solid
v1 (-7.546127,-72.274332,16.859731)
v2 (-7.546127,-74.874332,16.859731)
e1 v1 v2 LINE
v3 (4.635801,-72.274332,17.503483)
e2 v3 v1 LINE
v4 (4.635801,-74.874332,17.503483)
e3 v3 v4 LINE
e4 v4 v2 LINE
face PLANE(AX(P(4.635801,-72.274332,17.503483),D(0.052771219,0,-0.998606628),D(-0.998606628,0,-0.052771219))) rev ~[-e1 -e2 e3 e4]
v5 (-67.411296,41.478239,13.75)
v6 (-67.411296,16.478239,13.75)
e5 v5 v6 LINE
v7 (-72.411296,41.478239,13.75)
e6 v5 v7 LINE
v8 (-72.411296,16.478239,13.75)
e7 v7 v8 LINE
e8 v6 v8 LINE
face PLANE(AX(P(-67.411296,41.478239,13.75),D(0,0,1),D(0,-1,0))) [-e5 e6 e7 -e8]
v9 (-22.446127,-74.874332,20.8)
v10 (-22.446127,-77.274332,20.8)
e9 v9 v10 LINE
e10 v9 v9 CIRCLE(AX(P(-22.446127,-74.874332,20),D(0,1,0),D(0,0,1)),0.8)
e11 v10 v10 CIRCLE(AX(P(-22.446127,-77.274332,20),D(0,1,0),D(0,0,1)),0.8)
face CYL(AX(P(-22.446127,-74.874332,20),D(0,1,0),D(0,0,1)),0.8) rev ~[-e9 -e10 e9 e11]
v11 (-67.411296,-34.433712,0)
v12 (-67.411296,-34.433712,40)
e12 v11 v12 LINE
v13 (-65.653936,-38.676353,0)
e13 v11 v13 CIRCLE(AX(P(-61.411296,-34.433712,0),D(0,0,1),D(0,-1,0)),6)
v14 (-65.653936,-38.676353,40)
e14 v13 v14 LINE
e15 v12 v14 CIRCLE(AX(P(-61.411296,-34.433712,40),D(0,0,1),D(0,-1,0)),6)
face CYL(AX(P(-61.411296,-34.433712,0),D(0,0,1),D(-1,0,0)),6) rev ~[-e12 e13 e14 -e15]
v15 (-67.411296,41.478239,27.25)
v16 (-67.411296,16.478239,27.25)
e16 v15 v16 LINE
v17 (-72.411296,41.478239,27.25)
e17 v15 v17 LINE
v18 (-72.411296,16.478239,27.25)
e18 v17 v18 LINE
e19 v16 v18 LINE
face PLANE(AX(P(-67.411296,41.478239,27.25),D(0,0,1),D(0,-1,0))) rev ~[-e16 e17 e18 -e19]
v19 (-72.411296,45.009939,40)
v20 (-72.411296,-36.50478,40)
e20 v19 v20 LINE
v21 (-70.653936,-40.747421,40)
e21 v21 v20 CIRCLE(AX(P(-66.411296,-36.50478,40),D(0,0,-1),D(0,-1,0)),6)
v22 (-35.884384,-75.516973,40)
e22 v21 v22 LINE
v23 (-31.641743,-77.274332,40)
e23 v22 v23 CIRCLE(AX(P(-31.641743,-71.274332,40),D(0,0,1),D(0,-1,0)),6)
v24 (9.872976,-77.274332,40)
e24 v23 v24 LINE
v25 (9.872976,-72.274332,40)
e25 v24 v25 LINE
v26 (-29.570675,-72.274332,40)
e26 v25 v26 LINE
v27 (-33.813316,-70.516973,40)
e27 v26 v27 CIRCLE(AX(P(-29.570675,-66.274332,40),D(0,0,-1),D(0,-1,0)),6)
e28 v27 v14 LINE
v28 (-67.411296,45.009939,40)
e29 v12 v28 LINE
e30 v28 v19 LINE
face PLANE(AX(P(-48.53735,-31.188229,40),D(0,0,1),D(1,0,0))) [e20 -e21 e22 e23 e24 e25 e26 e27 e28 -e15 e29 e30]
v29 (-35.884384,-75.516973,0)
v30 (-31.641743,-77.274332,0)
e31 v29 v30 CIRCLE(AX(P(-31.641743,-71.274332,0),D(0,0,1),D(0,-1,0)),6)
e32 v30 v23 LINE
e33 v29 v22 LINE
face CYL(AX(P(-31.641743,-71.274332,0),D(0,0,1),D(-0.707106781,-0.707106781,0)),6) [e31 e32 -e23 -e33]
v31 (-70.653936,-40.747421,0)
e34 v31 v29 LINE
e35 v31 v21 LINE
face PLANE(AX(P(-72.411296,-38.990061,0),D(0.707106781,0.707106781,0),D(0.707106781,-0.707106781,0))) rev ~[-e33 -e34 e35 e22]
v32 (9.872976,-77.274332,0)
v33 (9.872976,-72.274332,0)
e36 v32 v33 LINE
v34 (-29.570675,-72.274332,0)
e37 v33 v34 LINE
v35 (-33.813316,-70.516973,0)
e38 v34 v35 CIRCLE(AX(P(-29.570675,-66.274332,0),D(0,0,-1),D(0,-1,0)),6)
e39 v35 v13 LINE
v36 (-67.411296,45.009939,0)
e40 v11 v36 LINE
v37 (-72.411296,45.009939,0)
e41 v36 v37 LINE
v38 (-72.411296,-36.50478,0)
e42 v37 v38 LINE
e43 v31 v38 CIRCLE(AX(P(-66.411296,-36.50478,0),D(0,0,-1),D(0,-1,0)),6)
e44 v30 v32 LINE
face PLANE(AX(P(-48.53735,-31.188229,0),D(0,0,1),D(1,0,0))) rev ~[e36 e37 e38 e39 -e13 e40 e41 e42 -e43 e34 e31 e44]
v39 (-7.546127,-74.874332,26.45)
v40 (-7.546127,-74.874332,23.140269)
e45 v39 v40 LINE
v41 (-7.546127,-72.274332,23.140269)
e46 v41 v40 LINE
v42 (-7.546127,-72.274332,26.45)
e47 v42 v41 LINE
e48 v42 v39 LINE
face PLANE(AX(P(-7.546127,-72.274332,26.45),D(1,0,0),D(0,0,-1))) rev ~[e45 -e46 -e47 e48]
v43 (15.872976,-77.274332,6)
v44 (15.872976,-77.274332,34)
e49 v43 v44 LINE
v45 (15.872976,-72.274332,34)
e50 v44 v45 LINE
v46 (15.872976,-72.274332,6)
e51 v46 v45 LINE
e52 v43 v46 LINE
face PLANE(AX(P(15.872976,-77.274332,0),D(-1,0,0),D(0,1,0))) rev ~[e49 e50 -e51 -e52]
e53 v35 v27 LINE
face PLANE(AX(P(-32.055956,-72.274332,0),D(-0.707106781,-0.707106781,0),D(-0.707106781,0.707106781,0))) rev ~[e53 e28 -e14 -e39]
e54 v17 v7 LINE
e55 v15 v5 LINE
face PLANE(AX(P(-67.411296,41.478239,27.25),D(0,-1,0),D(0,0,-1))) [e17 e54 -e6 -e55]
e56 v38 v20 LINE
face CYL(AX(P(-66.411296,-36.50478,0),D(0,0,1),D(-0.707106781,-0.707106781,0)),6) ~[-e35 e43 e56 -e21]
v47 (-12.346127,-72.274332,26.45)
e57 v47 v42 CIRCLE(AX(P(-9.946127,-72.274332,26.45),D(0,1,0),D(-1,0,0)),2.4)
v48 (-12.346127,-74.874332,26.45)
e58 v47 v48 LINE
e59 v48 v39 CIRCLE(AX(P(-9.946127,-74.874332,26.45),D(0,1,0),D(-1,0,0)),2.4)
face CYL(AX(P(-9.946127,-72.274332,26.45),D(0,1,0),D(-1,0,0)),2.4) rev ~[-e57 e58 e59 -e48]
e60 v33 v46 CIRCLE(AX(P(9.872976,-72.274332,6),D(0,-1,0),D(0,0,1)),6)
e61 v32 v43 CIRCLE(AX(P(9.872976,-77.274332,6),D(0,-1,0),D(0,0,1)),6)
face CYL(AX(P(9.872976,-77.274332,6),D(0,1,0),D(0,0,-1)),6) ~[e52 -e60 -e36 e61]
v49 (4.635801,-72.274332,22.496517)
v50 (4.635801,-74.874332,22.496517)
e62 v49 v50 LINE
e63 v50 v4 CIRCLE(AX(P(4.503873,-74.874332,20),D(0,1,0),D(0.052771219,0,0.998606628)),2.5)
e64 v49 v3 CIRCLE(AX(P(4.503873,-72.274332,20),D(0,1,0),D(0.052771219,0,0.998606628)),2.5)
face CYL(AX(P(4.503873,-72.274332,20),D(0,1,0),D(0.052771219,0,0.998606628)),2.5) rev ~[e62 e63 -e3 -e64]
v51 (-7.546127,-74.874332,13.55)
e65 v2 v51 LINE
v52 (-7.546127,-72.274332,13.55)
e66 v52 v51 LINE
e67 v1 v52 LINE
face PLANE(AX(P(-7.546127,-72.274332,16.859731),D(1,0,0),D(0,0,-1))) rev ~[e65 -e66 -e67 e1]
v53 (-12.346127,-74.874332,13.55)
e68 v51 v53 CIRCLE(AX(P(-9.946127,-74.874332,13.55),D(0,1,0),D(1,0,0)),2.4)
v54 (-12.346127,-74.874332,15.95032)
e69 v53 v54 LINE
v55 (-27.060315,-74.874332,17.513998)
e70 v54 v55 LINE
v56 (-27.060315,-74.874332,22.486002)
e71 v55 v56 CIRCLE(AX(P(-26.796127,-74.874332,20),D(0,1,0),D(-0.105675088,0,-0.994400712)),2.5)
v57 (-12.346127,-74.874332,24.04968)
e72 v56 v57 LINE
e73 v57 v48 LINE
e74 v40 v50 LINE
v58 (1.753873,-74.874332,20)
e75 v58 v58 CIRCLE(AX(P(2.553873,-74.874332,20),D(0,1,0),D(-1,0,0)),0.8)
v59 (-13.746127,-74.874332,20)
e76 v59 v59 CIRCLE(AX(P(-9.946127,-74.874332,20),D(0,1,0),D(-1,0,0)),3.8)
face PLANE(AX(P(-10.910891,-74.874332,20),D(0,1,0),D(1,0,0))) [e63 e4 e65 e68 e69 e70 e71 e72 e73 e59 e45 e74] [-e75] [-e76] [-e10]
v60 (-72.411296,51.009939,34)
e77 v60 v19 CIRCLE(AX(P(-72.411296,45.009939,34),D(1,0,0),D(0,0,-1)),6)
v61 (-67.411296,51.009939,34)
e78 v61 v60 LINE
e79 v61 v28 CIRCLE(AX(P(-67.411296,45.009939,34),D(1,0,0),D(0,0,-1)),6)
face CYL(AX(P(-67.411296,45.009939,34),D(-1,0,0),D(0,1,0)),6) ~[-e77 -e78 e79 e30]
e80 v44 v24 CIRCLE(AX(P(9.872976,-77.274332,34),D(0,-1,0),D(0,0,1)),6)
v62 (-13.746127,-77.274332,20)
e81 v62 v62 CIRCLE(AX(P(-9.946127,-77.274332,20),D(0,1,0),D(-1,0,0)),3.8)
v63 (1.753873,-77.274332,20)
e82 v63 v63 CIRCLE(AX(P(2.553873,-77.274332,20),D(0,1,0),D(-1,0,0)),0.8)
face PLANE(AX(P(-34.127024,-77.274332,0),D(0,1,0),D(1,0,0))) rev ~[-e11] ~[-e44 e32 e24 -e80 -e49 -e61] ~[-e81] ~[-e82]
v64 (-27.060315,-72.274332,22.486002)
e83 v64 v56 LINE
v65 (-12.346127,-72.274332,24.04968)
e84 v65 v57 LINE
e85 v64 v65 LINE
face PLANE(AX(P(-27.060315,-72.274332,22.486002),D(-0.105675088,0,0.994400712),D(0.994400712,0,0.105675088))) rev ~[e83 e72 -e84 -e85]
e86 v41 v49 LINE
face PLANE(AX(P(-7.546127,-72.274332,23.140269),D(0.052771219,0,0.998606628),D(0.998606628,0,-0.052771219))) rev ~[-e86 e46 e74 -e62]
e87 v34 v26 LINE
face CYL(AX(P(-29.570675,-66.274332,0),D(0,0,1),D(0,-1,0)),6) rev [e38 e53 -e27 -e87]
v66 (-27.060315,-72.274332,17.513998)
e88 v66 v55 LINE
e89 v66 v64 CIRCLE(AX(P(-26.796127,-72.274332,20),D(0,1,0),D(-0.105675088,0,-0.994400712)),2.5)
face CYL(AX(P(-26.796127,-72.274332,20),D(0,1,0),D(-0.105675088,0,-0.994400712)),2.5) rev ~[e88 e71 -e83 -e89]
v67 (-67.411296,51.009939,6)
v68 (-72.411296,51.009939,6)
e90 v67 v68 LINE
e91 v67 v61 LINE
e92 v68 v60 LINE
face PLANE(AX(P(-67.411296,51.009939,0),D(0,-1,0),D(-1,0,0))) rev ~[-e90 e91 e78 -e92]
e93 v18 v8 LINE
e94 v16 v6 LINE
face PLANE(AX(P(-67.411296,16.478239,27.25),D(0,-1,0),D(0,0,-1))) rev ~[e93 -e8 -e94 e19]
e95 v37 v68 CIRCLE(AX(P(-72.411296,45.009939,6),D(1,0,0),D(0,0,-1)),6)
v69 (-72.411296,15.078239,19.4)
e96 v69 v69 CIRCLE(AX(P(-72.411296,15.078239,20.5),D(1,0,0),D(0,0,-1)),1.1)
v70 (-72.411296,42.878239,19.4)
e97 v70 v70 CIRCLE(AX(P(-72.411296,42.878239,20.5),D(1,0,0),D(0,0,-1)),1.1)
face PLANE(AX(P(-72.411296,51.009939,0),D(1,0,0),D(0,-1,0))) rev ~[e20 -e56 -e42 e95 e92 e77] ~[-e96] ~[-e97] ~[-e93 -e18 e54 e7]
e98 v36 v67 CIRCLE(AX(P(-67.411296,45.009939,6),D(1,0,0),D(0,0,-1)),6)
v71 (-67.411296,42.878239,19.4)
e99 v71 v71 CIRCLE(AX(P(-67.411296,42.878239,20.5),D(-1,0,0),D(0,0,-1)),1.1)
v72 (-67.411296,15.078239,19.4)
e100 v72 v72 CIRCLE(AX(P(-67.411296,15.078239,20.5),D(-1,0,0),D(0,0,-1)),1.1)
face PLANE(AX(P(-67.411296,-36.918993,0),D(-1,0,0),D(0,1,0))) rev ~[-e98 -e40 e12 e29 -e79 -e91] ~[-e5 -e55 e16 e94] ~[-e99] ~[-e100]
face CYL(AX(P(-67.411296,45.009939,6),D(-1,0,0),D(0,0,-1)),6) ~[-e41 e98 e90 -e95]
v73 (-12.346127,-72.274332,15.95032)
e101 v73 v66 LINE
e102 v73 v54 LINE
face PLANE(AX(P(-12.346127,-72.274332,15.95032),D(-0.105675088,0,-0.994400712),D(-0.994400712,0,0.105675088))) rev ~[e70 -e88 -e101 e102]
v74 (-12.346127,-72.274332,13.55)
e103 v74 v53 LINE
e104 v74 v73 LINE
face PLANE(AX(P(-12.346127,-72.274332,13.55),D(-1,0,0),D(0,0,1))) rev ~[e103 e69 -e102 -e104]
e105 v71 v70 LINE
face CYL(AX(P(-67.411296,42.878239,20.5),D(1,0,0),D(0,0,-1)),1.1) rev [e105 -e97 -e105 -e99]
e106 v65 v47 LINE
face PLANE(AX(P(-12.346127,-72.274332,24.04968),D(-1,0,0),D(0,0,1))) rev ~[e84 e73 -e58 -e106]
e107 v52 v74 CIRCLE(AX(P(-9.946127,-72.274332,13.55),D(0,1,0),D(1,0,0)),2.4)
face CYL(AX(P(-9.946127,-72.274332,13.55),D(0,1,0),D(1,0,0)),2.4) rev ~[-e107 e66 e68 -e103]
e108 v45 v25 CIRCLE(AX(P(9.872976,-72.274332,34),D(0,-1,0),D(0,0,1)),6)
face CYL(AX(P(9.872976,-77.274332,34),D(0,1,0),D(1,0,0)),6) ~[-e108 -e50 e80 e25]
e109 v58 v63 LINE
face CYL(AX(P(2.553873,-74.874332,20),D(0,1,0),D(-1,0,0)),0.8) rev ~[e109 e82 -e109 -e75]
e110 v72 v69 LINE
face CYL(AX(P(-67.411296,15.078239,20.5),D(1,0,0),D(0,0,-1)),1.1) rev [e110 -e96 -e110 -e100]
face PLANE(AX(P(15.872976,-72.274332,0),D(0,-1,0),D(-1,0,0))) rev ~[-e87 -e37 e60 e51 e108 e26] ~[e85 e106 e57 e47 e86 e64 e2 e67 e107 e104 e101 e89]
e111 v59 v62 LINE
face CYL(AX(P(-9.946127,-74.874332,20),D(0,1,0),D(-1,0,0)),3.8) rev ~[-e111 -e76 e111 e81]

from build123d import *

# Parameters (mm, degrees)
EXTRUDE_1_DEPTH     = 40
FILLET_7_R          = 6
CUT_EXTRUDE_4_DEPTH = 2.6
SKETCH_7_R          = 1.1
SKETCH_7_W          = 13.5
SKETCH_7_H          = 25
CUT_EXTRUDE_5_DEPTH = 10
FILLET_8_R          = 6
FILLET_9_R          = 6
FILLET_10_R         = 6
FILLET_11_R         = 6
FILLET_12_R         = 6
FILLET_13_R         = 6
FILLET_14_R         = 6
SKETCH_10_R         = 3.8
SKETCH_10_R_2       = 0.8
CUT_EXTRUDE_7_DEPTH = 10


with BuildPart() as part:
    # 草图1 → 凸台-拉伸1 (new body)
    with BuildSketch(Plane.XY):
        Polygon((15.872975722, -72.274332462), (-32.055956466, -72.274332462), (-67.411295525, -36.918993403), (-67.411295525, 51.009938785), (-72.411295525, 51.009938785), (-72.411295525, -38.990061215), (-34.127024278, -77.274332462), (15.872975722, -77.274332462), align=None)
    extrude(amount=EXTRUDE_1_DEPTH)

    # 圆角7
    fillet_7_edges = [part.edges().sort_by_distance(p)[0] for p in [
        (-34.127024278, -77.274332462, 20),
    ]]
    fillet(fillet_7_edges, radius=FILLET_7_R)

    # 草图6 → 切除-拉伸4 (cut)
    with BuildSketch(Plane(origin=(0, -72.274332462, 0), x_dir=(1, 0, 0), z_dir=(0, 1, 0))):
        with BuildLine():
            Line((4.635801051, -17.503483429), (-7.546126997, -16.859731248))
            Line((-7.546126997, -16.859731248), (-7.546126997, -13.55))
            ThreePointArc((-7.546126997, -13.55), (-9.946126997, -11.15), (-12.346126997, -13.55))
            Line((-12.346126997, -13.55), (-12.346126997, -15.950319654))
            Line((-12.346126997, -15.950319654), (-27.060314717, -17.51399822))
            ThreePointArc((-27.060314717, -17.51399822), (-29.296126997, -20), (-27.060314717, -22.48600178))
            Line((-27.060314717, -22.48600178), (-12.346126997, -24.049680346))
            Line((-12.346126997, -24.049680346), (-12.346126997, -26.45))
            ThreePointArc((-12.346126997, -26.45), (-9.946126997, -28.85), (-7.546126997, -26.45))
            Line((-7.546126997, -26.45), (-7.546126997, -23.140268752))
            Line((-7.546126997, -23.140268752), (4.635801051, -22.496516571))
            ThreePointArc((4.635801051, -22.496516571), (7.003873003, -20), (4.635801051, -17.503483429))
        make_face()
    extrude(amount=-CUT_EXTRUDE_4_DEPTH, mode=Mode.SUBTRACT)

    # 草图7 → 切除-拉伸5 (cut)
    with BuildSketch(Plane(origin=(-67.411295525, -6.360766816, 0), x_dir=(0, 0, -1), z_dir=(-1, 0, 0))):
        with Locations((-20.5, -49.239005853)):
            Circle(SKETCH_7_R)
        with Locations((-20.5, -21.439005853)):
            Circle(SKETCH_7_R)
        with Locations((-20.5, -35.339005853)):
            Rectangle(SKETCH_7_W, SKETCH_7_H)
    extrude(amount=CUT_EXTRUDE_5_DEPTH, mode=Mode.SUBTRACT)

    # 圆角8
    fillet_8_edges = [part.edges().sort_by_distance(p)[0] for p in [
        (-32.055956466, -72.274332462, 20),
    ]]
    fillet(fillet_8_edges, radius=FILLET_8_R)

    # 圆角9
    fillet_9_edges = [part.edges().sort_by_distance(p)[0] for p in [
        (-72.411295525, -38.990061215, 20),
    ]]
    fillet(fillet_9_edges, radius=FILLET_9_R)

    # 圆角10
    fillet_10_edges = [part.edges().sort_by_distance(p)[0] for p in [
        (-67.411295525, -36.918993403, 20),
    ]]
    fillet(fillet_10_edges, radius=FILLET_10_R)

    # 圆角11
    fillet_11_edges = [part.edges().sort_by_distance(p)[0] for p in [
        (-69.911295525, 51.009938785, 0),
    ]]
    fillet(fillet_11_edges, radius=FILLET_11_R)

    # 圆角12
    fillet_12_edges = [part.edges().sort_by_distance(p)[0] for p in [
        (-69.911295525, 51.009938785, 40),
    ]]
    fillet(fillet_12_edges, radius=FILLET_12_R)

    # 圆角13
    fillet_13_edges = [part.edges().sort_by_distance(p)[0] for p in [
        (15.872975722, -74.774332462, 0),
    ]]
    fillet(fillet_13_edges, radius=FILLET_13_R)

    # 圆角14
    fillet_14_edges = [part.edges().sort_by_distance(p)[0] for p in [
        (15.872975722, -74.774332462, 40),
    ]]
    fillet(fillet_14_edges, radius=FILLET_14_R)

    # 草图10 → 切除-拉伸7 (cut)
    with BuildSketch(Plane(origin=(0, -74.874332462, 0), x_dir=(1, 0, 0), z_dir=(0, 1, 0))):
        with Locations(Location((-9.946126997, -20, 0), (0, 0, 180))):
            Circle(SKETCH_10_R)
        with Locations(Location((2.553873003, -20, 0), (0, 0, 180))):
            Circle(SKETCH_10_R_2)
        with Locations(Location((-22.446126997, -20, 0), (0, 0, 270))):
            Circle(SKETCH_10_R_2)
    extrude(amount=-CUT_EXTRUDE_7_DEPTH, mode=Mode.SUBTRACT)


solid = part.part
